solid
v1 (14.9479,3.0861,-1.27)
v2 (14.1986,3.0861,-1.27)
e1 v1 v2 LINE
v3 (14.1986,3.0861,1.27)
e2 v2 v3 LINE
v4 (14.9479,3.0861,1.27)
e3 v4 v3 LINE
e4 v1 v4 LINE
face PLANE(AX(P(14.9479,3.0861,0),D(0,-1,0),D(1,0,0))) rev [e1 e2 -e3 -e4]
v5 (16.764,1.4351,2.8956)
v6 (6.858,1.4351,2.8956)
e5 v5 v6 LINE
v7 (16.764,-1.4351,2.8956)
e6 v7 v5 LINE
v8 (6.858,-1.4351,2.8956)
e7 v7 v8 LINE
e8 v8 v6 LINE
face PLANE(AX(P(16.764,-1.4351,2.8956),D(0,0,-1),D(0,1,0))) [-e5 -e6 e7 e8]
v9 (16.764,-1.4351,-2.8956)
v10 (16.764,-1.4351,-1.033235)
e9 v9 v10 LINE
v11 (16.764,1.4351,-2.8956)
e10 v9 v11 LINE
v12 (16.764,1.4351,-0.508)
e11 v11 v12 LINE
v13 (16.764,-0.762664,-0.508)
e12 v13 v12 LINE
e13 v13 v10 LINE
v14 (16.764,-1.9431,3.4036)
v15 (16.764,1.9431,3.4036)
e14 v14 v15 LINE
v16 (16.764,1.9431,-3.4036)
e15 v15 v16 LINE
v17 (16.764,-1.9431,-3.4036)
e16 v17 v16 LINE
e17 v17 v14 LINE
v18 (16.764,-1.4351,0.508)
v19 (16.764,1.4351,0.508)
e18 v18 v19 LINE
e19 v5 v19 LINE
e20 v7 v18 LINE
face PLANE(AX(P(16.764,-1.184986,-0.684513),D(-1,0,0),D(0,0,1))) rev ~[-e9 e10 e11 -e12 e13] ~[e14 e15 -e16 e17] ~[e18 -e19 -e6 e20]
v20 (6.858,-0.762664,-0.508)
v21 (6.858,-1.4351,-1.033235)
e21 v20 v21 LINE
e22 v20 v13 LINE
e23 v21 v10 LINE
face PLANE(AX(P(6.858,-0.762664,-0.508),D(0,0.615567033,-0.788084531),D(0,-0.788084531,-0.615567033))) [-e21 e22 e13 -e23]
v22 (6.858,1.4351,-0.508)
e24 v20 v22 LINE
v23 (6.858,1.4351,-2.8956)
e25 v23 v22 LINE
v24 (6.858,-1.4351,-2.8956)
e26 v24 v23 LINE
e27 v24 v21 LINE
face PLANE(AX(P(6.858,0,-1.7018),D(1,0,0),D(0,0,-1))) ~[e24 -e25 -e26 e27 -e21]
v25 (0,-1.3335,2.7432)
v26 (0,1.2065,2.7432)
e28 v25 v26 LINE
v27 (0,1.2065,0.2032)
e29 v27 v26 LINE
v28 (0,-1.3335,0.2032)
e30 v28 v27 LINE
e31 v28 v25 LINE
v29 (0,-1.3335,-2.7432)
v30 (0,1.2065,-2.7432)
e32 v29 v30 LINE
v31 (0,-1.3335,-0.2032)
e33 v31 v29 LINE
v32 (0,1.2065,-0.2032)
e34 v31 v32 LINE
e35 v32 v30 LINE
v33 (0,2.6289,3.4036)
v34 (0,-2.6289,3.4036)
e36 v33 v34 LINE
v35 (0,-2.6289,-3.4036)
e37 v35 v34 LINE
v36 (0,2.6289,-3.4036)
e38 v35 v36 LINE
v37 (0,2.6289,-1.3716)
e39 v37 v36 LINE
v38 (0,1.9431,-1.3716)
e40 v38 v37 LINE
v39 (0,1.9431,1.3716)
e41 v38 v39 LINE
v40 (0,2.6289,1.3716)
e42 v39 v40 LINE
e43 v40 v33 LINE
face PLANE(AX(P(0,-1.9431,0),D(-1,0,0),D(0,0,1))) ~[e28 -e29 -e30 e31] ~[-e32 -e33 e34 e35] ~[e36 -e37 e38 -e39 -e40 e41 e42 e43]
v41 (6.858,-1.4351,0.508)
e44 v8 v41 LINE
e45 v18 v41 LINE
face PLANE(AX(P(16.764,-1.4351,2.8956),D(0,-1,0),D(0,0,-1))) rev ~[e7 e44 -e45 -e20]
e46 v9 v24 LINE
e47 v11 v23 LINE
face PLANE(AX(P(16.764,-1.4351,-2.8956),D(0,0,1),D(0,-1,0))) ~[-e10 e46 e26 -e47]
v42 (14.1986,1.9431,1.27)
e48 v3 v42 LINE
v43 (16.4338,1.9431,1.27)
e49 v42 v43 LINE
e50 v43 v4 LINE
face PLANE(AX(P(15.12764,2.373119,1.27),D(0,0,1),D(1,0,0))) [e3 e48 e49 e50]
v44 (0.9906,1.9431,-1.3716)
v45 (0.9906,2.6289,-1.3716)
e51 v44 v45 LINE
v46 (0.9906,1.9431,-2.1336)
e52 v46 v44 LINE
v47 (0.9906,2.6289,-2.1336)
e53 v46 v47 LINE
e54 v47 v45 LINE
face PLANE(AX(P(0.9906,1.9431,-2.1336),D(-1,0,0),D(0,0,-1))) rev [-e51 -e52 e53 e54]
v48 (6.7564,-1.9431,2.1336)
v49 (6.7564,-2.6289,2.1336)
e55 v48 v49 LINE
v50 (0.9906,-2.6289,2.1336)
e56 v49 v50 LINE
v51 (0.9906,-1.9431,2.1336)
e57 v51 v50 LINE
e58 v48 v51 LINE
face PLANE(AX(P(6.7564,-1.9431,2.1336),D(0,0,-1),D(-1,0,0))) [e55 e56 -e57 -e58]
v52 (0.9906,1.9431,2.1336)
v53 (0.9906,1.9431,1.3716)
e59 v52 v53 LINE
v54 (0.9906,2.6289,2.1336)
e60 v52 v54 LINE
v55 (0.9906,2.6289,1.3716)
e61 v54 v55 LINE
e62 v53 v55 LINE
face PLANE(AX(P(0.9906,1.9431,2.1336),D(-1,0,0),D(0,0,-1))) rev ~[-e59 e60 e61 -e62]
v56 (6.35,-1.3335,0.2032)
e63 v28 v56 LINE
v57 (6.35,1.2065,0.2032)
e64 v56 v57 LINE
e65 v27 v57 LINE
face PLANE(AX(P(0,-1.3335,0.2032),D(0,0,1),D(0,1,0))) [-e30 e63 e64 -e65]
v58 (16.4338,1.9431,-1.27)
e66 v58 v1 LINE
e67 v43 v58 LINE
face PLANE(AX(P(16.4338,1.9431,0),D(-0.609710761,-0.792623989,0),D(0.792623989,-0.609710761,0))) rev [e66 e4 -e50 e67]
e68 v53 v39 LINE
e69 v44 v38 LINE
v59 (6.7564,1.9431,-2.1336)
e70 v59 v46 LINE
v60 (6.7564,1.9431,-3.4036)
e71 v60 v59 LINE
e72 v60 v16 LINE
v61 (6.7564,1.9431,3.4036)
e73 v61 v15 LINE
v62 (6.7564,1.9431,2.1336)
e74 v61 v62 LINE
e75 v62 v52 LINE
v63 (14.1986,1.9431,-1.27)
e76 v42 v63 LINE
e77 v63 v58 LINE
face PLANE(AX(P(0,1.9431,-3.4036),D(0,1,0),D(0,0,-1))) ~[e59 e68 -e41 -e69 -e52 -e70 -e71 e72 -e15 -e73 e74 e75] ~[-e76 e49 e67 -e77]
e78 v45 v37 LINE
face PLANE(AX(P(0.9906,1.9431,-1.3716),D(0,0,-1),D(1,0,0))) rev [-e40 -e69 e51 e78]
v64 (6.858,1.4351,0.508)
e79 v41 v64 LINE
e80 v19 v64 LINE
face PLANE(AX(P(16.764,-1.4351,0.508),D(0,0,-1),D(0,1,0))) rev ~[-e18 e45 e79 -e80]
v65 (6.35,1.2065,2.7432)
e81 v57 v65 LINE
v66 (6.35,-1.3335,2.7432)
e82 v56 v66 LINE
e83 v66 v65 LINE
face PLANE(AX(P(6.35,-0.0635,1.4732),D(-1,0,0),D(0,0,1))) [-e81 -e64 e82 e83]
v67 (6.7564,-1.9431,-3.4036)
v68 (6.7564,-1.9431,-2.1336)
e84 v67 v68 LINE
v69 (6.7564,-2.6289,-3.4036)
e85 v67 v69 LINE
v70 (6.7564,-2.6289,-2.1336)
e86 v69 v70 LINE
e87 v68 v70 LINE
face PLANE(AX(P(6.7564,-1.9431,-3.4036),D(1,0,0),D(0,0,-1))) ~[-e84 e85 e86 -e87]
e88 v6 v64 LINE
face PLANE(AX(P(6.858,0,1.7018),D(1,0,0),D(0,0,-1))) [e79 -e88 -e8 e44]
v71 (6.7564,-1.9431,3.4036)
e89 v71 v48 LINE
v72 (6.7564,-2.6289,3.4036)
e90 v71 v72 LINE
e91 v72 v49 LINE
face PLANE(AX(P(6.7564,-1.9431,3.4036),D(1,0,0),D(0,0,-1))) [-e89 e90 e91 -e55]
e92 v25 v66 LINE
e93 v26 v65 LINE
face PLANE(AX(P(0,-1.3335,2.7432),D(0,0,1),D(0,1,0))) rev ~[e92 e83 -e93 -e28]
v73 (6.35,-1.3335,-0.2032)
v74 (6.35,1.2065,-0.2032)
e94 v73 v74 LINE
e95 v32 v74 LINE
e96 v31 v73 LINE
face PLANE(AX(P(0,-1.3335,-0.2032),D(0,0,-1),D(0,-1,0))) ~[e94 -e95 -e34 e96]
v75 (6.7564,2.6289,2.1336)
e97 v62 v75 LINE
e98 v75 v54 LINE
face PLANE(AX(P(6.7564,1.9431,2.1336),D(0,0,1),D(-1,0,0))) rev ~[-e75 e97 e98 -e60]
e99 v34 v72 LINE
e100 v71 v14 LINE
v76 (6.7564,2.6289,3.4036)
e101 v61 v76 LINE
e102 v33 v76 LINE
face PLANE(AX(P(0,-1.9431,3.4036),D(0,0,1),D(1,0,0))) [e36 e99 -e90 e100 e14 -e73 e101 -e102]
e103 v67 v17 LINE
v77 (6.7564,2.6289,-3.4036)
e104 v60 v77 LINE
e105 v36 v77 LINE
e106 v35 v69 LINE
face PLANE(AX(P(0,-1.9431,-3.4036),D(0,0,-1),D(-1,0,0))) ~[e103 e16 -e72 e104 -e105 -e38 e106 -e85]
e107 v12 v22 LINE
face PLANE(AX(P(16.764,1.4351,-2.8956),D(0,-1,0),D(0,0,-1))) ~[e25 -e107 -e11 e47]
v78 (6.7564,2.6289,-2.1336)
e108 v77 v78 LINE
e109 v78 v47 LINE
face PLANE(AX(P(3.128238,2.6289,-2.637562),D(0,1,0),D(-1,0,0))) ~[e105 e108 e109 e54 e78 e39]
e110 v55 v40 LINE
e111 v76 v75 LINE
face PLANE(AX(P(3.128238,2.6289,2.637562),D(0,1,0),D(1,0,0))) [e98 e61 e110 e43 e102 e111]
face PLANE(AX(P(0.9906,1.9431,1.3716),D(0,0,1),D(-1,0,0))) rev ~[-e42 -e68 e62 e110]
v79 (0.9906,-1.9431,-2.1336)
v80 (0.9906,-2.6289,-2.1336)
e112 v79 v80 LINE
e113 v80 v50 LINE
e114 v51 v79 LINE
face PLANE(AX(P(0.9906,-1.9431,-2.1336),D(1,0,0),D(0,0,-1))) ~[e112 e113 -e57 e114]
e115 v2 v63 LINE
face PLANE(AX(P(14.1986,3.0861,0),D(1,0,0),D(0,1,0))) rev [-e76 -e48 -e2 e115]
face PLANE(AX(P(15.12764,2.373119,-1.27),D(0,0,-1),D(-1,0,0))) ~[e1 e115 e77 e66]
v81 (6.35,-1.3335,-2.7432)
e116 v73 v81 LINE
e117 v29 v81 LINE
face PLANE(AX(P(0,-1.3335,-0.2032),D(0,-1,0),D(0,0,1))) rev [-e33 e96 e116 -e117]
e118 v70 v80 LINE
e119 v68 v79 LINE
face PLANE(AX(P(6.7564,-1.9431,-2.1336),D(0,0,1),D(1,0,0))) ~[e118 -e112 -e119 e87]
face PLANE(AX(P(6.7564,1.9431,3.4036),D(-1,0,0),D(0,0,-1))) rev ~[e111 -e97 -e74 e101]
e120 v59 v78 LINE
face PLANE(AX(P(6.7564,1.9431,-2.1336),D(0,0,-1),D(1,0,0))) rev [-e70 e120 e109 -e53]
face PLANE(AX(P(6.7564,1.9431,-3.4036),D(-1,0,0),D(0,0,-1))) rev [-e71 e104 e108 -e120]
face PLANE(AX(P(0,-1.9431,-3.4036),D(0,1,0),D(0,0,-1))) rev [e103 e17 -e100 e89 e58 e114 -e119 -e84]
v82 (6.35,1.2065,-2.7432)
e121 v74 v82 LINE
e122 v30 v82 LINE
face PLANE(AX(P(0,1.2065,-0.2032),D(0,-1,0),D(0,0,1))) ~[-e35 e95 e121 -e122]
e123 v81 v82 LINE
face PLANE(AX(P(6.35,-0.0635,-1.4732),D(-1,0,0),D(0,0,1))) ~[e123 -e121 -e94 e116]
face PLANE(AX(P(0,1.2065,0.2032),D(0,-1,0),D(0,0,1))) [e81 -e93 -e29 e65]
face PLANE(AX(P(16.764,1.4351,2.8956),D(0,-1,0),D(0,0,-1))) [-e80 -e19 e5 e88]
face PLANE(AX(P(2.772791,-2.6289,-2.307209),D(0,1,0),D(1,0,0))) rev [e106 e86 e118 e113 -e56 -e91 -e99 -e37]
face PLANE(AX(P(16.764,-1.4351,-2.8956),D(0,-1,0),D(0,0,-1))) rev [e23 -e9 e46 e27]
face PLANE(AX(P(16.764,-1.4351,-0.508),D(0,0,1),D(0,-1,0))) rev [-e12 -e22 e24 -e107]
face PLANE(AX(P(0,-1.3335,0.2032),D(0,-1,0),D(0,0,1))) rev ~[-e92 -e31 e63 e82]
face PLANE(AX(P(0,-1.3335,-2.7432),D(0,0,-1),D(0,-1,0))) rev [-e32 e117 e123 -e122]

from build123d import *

# Parameters (mm, degrees)
SKETCH1_W      = 3.4036
SKETCH1_H      = 3.8862
EXTRUDE1_DEPTH = 16.764
EXTRUDE2_DEPTH = 0.6858
EXTRUDE3_DEPTH = 0.6858
EXTRUDE4_DEPTH = 1.27
SKETCH5_W      = 2.3876
SKETCH5_H      = 2.8702
EXTRUDE5_DEPTH = 9.906
SKETCH6_W      = 2.54
SKETCH6_H      = 2.54
EXTRUDE6_DEPTH = 6.35
EXTRUDE7_DEPTH = 9.906


with BuildPart() as part:
    # Sketch1 → Extrude1 (new body)
    with BuildSketch(Plane(origin=(0, 0, 0), x_dir=(0, 0, -1), z_dir=(1, 0, 0))):
        with Locations((-1.7018, 0)):
            Rectangle(SKETCH1_W, SKETCH1_H)
    extrude1 = extrude(amount=EXTRUDE1_DEPTH)

    # Sketch2 → Extrude2 (add)
    with BuildSketch(Plane(origin=(0, 1.9431, 0), x_dir=(1, 0, 0), z_dir=(0, 1, 0))):
        Polygon((0, -3.4036), (6.7564, -3.4036), (6.7564, -2.1336), (0.9906, -2.1336), (0.9906, -1.3716), (0, -1.3716), align=None)
    extrude2 = extrude(amount=EXTRUDE2_DEPTH)

    # Sketch3 → Extrude3 (add)
    with BuildSketch(Plane.XZ.offset(1.9431)):
        Polygon((0, 3.4036), (6.7564, 3.4036), (6.7564, 2.1336), (0.9906, 2.1336), (0.9906, 0), (0, 0), align=None)
    extrude3 = extrude(amount=EXTRUDE3_DEPTH)

    # Sketch4 → Extrude4 (add)
    with BuildSketch(Plane.XY):
        Polygon((16.4338, 1.9431), (14.9479, 3.0861), (14.1986, 3.0861), (14.1986, 1.9431), align=None)
    extrude4 = extrude(amount=EXTRUDE4_DEPTH)

    # Sketch5 → Extrude5 (cut)
    with BuildSketch(Plane(origin=(16.764, 0, 0), x_dir=(0, 0, -1), z_dir=(1, 0, 0))):
        with Locations((-1.7018, 0)):
            Rectangle(SKETCH5_W, SKETCH5_H)
    extrude5 = extrude(amount=-EXTRUDE5_DEPTH, mode=Mode.SUBTRACT)

    # Sketch6 → Extrude6 (cut)
    with BuildSketch(Plane.ZY):
        with Locations((1.4732, -0.0635)):
            Rectangle(SKETCH6_W, SKETCH6_H)
    extrude6 = extrude(amount=-EXTRUDE6_DEPTH, mode=Mode.SUBTRACT)

    # Mirror1: Extrude1, Extrude2, Extrude3, Extrude4, Extrude5, Extrude6 across Front Plane
    add(extrude1.mirror(Plane.XY))
    add(extrude2.mirror(Plane.XY))
    add(extrude3.mirror(Plane.XY))
    add(extrude4.mirror(Plane.XY))
    add(extrude5.mirror(Plane.XY), mode=Mode.SUBTRACT)
    add(extrude6.mirror(Plane.XY), mode=Mode.SUBTRACT)

    # Sketch7 → Extrude7 (add)
    with BuildSketch(Plane(origin=(6.858, 0, 0), x_dir=(0, 0, -1), z_dir=(1, 0, 0))):
        Polygon((0.508, -0.762663848), (1.033234934, -1.4351), (0.508, -1.4351), align=None)
    extrude(amount=EXTRUDE7_DEPTH)


solid = part.part
